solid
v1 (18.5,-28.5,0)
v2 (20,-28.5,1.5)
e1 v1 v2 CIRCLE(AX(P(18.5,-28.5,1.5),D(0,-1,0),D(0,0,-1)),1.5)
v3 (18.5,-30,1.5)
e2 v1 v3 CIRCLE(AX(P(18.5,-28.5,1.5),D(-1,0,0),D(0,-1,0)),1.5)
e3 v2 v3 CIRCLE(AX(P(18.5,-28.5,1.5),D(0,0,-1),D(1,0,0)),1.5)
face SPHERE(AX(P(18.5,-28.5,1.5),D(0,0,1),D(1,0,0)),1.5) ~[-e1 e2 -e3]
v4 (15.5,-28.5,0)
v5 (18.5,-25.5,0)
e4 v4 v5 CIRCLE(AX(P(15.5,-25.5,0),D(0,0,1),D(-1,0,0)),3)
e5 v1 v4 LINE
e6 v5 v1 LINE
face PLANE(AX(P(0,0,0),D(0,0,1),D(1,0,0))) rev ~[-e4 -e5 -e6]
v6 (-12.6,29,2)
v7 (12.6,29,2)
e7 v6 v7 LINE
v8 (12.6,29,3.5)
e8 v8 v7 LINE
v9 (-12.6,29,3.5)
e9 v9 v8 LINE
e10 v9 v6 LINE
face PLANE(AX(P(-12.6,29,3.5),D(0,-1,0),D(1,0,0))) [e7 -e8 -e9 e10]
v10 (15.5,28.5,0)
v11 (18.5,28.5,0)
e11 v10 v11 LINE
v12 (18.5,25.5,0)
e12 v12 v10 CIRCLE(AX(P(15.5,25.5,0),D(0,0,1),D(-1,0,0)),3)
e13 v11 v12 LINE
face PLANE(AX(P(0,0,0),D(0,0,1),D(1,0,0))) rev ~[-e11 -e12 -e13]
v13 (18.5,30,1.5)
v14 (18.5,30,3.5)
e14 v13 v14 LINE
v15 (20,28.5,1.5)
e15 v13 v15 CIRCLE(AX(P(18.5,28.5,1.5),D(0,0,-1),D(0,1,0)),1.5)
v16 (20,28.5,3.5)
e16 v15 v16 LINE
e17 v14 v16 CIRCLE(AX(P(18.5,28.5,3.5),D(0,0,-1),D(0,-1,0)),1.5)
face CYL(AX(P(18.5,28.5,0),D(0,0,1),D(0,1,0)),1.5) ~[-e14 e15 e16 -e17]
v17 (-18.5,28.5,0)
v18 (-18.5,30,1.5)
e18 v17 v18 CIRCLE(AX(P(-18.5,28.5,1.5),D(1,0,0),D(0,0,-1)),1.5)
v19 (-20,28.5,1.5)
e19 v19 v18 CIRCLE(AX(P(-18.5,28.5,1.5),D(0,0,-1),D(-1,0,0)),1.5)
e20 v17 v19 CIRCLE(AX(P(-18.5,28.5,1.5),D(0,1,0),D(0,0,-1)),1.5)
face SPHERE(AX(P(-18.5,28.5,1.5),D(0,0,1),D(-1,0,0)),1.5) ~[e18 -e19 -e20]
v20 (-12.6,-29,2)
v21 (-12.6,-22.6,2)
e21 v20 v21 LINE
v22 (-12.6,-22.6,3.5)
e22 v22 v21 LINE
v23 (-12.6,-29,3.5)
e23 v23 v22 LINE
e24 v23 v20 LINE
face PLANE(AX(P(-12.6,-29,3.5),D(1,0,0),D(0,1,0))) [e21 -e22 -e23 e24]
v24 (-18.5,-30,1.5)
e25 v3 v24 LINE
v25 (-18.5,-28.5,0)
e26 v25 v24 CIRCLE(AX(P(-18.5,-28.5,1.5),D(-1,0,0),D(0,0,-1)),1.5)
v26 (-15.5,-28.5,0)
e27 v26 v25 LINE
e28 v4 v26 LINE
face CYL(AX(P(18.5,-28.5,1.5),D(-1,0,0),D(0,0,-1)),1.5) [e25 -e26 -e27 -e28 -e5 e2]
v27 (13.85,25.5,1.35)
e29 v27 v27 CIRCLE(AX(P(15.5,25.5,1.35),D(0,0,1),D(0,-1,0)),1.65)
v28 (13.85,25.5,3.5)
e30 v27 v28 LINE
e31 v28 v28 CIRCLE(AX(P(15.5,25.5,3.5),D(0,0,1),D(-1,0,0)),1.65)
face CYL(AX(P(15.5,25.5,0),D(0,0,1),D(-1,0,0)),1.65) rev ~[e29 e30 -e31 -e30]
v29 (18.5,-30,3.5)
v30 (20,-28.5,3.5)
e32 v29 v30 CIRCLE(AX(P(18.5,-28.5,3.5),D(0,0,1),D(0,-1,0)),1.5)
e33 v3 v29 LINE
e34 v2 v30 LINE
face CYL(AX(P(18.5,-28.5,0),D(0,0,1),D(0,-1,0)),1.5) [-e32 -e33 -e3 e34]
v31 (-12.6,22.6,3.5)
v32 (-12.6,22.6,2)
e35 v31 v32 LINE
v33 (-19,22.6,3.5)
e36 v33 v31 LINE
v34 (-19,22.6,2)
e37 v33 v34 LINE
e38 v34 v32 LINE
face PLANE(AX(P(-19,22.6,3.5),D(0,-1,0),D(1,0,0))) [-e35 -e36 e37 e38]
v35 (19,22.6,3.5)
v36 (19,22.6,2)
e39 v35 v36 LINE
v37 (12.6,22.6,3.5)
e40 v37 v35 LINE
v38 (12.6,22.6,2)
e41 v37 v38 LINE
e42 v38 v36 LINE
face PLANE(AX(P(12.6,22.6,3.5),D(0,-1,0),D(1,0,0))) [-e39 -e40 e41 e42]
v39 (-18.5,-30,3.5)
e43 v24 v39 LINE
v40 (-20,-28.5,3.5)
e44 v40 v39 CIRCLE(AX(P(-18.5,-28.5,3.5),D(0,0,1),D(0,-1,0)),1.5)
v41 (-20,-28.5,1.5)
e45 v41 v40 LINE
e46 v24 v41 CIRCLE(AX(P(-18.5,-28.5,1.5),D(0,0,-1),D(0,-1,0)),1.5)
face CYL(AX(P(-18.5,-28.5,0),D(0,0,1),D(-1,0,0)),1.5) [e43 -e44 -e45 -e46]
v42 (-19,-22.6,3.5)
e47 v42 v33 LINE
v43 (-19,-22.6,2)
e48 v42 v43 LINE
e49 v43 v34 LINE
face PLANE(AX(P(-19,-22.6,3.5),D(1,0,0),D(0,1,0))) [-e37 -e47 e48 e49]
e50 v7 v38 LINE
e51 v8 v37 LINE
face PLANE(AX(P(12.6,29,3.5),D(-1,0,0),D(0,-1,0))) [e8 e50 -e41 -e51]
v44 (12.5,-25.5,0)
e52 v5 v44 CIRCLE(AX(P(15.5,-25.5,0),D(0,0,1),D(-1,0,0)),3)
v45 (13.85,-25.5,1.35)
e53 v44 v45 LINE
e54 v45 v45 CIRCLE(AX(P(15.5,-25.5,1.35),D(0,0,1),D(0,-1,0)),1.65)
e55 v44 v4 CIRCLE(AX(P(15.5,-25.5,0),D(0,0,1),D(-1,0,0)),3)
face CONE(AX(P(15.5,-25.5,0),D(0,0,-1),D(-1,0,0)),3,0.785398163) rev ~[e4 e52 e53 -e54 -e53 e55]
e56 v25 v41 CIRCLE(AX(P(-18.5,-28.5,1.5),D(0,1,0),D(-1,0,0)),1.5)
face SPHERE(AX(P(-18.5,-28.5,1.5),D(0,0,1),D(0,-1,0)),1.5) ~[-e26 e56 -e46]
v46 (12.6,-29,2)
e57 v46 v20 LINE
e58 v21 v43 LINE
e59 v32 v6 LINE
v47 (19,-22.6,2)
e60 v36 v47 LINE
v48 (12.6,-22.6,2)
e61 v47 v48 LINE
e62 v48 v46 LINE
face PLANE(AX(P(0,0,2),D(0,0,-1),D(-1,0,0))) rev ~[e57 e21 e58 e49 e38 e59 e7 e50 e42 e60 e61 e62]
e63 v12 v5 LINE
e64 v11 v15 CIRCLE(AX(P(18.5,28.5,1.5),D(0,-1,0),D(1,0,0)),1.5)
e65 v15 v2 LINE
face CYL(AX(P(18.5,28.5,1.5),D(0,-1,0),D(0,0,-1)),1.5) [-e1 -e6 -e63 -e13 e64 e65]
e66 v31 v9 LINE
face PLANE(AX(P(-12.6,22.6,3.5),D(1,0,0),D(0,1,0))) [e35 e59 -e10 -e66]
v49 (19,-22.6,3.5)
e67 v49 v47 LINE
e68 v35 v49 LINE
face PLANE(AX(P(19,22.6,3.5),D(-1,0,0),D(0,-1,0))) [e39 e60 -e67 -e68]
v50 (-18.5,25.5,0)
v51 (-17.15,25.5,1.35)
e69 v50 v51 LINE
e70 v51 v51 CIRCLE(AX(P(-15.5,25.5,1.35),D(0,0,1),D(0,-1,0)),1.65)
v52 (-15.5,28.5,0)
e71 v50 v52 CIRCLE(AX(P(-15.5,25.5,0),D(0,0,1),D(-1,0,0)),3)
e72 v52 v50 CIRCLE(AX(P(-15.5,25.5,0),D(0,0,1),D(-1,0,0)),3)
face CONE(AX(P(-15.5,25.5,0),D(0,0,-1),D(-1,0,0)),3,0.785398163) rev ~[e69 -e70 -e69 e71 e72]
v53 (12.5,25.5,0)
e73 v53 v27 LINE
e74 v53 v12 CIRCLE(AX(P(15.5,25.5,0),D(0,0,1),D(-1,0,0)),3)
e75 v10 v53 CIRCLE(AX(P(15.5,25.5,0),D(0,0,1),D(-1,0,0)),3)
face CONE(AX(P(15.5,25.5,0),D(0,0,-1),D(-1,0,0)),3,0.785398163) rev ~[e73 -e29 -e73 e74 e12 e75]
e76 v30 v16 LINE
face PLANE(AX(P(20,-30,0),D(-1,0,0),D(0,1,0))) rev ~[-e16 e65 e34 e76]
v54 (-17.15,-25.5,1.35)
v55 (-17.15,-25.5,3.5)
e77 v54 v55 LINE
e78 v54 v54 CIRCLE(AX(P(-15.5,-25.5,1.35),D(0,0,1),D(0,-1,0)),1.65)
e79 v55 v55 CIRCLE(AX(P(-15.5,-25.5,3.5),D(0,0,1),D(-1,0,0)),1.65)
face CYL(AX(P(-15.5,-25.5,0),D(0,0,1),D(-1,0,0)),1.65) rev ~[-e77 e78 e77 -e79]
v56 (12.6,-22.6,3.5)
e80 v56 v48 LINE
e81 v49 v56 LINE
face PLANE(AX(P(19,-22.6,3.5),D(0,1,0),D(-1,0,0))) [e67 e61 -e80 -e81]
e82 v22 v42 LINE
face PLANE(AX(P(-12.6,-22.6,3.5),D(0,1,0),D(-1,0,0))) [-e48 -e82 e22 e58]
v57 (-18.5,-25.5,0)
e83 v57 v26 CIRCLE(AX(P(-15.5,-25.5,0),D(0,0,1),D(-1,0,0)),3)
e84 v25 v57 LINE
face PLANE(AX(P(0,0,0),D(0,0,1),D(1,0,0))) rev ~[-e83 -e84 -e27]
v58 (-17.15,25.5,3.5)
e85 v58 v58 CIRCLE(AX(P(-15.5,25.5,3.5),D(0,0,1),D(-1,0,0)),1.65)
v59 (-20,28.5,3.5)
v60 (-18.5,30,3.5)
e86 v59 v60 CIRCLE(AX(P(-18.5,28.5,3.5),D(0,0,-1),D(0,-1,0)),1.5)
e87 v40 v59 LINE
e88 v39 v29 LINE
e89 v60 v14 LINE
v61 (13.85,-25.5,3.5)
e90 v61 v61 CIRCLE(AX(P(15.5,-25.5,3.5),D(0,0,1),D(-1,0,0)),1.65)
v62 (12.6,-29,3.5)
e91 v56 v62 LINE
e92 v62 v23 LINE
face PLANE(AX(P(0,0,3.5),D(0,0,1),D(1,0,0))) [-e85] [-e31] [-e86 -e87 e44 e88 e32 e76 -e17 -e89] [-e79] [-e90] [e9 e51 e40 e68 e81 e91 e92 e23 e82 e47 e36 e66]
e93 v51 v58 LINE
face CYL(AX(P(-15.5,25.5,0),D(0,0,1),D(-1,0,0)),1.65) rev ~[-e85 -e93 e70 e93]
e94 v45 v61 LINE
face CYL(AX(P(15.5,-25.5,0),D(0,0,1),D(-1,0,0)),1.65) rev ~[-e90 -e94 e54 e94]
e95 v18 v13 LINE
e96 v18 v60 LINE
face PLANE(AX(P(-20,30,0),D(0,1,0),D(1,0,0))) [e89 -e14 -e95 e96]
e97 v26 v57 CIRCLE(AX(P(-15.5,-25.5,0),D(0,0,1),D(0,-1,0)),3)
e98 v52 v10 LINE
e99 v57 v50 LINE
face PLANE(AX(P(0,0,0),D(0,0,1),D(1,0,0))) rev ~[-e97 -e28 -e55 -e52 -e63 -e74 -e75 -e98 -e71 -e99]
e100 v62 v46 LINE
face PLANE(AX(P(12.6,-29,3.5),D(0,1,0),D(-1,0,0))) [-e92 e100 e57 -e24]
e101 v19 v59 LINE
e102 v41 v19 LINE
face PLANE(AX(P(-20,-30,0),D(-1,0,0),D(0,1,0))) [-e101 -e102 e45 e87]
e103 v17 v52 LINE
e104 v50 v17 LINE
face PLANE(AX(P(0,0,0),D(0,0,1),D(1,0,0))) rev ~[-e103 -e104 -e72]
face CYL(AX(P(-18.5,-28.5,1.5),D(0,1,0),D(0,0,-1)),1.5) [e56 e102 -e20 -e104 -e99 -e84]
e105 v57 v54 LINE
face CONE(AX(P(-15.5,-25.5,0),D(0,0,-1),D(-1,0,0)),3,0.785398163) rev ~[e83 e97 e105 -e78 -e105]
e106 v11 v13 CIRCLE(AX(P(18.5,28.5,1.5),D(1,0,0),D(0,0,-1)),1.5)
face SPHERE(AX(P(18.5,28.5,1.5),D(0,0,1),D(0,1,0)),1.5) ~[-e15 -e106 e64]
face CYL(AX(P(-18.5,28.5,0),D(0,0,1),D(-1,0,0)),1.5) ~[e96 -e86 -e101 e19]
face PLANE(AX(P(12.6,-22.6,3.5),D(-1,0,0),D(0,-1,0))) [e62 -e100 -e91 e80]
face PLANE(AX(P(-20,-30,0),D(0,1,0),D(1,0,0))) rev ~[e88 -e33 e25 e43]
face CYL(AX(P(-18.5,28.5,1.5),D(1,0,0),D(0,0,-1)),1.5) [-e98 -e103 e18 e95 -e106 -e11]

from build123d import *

# Parameters (mm, degrees)
COPYSKETCH003_W  = 40
COPYSKETCH003_H  = 60
PAD_DEPTH        = 3.5
POCKET_DEPTH     = 1.5
FILLET_R         = 1.5
FILLET001_R      = 1.5
HOLE_D           = 3.3
HOLE_DEPTH       = 25
HOLE_CSINK_D     = 6
HOLE_CSINK_ANGLE = 90


with BuildPart() as part:
    # CopySketch003 → Pad (new body)
    with BuildSketch(Plane.XY):
        Rectangle(COPYSKETCH003_W, COPYSKETCH003_H)
    extrude(amount=PAD_DEPTH)

    # CopySketch002 → Pocket (cut)
    with BuildSketch(Plane.XY.offset(3.5)):
        Polygon((-12.6, 29), (12.6, 29), (12.6, 22.6), (19, 22.6), (19, -22.6), (12.6, -22.6), (12.6, -29), (-12.6, -29), (-12.6, -22.6), (-19, -22.6), (-19, 22.6), (-12.6, 22.6), align=None)
    extrude(amount=-POCKET_DEPTH, mode=Mode.SUBTRACT)

    # Fillet
    fillet_edges = [part.edges().sort_by_distance(p)[0] for p in [
        (20, -30, 1.75),
        (-20, -30, 1.75),
        (20, 30, 1.75),
        (-20, 30, 1.75),
    ]]
    fillet(fillet_edges, radius=FILLET_R)

    # Fillet001
    fillet001_edges = [part.edges().sort_by_distance(p)[0] for p in [
        (0, 30, 0),
        (-19.56066, 29.56066, 0),
        (19.56066, 29.56066, 0),
        (-20, 0, 0),
        (20, 0, 0),
        (-19.56066, -29.56066, 0),
        (19.56066, -29.56066, 0),
        (0, -30, 0),
    ]]
    fillet(fillet001_edges, radius=FILLET001_R)

    # Hole
    with Locations(Plane(origin=(0, 0, 0), x_dir=(1, 0, 0), z_dir=(0, 0, -1))):
        with Locations((15.5, 25.5), (15.5, -25.5), (-15.5, -25.5), (-15.5, 25.5)):
            CounterSinkHole(HOLE_D / 2, HOLE_CSINK_D / 2, depth=HOLE_DEPTH, counter_sink_angle=HOLE_CSINK_ANGLE)


solid = part.part
